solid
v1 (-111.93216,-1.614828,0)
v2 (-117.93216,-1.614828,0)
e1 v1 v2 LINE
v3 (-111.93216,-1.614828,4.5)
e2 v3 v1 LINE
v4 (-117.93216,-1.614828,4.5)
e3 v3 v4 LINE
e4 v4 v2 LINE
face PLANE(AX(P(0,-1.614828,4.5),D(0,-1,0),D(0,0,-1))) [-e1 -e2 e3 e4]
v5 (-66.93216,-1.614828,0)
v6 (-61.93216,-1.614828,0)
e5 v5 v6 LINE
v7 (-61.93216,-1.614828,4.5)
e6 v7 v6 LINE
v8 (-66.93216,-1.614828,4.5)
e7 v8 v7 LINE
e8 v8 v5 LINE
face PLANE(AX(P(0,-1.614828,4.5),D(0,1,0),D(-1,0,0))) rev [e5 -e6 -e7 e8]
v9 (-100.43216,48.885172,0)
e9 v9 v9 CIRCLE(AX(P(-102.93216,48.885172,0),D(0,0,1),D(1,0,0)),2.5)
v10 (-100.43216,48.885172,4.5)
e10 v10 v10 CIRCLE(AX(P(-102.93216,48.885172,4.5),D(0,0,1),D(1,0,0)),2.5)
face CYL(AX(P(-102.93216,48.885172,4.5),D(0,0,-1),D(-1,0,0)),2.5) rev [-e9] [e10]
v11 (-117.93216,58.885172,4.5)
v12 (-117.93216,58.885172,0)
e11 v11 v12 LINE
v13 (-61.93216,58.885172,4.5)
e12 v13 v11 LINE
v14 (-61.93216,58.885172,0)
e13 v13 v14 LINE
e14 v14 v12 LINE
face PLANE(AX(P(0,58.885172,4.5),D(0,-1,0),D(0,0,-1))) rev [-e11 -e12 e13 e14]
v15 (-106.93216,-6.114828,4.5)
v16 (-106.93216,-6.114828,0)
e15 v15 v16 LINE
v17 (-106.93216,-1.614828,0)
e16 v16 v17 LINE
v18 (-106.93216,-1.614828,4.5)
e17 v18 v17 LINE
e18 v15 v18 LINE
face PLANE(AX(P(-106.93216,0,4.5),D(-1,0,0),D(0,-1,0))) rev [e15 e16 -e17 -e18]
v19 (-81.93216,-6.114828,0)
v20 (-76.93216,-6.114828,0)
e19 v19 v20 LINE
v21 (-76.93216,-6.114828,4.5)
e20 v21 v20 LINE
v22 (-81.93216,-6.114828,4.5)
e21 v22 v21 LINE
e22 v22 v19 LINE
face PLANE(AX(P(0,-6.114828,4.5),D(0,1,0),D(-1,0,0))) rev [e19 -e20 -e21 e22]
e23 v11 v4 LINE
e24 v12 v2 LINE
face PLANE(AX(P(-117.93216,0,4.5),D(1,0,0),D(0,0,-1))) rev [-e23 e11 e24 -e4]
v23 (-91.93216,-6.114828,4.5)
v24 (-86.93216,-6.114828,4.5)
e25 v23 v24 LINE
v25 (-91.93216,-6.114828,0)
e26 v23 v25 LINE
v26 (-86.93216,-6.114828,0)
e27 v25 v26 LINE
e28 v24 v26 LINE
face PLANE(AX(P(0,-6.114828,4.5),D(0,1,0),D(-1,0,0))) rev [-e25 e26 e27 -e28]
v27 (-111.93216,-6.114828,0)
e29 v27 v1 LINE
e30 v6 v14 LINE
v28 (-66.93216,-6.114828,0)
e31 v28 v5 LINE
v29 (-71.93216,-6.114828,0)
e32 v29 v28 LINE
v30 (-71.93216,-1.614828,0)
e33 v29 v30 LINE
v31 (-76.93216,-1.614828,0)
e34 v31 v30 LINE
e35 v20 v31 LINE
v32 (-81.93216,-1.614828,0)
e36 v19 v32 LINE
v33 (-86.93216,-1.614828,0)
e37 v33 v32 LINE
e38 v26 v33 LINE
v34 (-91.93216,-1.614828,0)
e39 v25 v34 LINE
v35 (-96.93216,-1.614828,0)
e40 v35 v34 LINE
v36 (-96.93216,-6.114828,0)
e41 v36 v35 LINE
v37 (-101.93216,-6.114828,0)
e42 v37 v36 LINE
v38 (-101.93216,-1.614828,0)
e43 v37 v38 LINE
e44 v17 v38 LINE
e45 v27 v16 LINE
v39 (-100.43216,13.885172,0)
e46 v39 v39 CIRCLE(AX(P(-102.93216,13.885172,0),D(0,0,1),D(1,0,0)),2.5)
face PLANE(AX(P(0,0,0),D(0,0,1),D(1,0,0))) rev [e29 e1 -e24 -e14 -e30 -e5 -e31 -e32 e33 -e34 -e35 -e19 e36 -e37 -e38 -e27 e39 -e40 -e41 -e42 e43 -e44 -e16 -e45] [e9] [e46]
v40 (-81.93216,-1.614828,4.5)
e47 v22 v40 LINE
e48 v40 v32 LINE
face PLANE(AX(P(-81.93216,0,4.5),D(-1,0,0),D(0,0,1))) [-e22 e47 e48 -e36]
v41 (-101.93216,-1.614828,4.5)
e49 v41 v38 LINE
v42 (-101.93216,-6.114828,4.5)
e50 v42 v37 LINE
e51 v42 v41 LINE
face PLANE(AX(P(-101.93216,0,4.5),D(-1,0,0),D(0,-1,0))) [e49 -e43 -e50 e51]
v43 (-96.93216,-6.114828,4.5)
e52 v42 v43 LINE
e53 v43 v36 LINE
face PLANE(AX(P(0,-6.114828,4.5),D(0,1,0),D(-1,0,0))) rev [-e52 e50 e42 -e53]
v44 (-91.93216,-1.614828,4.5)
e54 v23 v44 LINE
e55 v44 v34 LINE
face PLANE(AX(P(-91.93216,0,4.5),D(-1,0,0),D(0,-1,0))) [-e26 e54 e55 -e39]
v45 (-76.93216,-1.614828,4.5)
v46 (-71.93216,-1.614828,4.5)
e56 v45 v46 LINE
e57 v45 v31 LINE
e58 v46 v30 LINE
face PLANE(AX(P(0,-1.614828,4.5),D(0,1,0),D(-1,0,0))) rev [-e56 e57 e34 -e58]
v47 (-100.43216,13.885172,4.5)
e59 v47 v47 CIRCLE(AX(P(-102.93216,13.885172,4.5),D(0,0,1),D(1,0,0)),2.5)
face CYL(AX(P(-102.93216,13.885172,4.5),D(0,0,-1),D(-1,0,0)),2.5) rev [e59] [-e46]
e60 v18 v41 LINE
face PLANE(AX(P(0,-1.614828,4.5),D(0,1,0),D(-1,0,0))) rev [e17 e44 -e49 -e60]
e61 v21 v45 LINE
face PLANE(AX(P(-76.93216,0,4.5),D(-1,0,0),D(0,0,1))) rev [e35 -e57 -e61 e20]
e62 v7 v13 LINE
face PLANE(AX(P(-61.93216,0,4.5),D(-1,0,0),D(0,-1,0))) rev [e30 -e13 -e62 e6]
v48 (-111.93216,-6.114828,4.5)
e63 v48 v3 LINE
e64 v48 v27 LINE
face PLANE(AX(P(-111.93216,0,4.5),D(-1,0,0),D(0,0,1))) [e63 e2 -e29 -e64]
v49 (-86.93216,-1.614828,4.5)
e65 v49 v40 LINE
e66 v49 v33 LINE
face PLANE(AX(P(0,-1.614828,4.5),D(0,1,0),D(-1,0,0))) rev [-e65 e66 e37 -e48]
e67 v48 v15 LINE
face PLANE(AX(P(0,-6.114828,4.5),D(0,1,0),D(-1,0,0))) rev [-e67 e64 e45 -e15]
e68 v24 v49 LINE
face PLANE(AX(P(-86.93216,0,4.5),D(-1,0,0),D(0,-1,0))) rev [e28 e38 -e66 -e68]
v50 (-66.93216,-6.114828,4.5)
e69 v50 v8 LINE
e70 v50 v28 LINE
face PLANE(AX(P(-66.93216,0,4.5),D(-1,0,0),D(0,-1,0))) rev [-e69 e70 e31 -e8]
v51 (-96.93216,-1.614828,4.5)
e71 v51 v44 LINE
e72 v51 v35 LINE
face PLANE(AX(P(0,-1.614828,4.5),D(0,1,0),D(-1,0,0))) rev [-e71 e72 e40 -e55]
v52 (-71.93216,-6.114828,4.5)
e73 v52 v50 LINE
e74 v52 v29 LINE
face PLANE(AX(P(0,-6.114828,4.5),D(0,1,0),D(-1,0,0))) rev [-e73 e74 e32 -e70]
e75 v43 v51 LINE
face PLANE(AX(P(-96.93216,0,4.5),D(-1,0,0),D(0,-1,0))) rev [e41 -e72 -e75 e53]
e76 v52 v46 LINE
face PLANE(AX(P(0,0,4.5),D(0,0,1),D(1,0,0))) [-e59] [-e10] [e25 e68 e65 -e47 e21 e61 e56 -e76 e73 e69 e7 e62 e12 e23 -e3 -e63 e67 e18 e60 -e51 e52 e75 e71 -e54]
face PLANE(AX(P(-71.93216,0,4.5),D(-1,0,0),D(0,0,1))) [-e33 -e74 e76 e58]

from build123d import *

# Parameters (mm, degrees)
SKETCH1_R           = 2.5
SKETCH1_W           = 5
SKETCH1_H           = 4.5
BOSS_EXTRUDE1_DEPTH = 4.5


with BuildPart() as part:
    # Sketch1 → Boss-Extrude1 (new body)
    # profile 1 of 5: a face of its own
    with BuildSketch(Plane.XY):
        Polygon((-111.932160423, -1.614828107), (-111.932160423, -6.114828107), (-106.932160423, -6.114828107), (-106.932160423, -1.614828107), (-101.932160423, -1.614828107), (-96.932160423, -1.614828107), (-91.932160423, -1.614828107), (-86.932160423, -1.614828107), (-81.932160423, -1.614828107), (-76.932160423, -1.614828107), (-71.932160423, -1.614828107), (-66.932160423, -1.614828107), (-61.932160423, -1.614828107), (-61.932160423, 58.885171893), (-117.932160423, 58.885171893), (-117.932160423, -1.614828107), align=None)
        with Locations((-102.932160423, 13.885171893)):
            Circle(SKETCH1_R, mode=Mode.SUBTRACT)
        with Locations((-102.932160423, 48.885171893)):
            Circle(SKETCH1_R, mode=Mode.SUBTRACT)
    # profile 2 of 5: a face of its own
    with BuildSketch(Plane.XY):
        with Locations((-99.432160423, -3.864828107)):
            Rectangle(SKETCH1_W, SKETCH1_H)
    # profile 3 of 5: a face of its own
    with BuildSketch(Plane.XY):
        with Locations((-69.432160423, -3.864828107)):
            Rectangle(SKETCH1_W, SKETCH1_H)
    # profile 4 of 5: a face of its own
    with BuildSketch(Plane.XY):
        with Locations((-79.432160423, -3.864828107)):
            Rectangle(SKETCH1_W, SKETCH1_H)
    # profile 5 of 5: a face of its own
    with BuildSketch(Plane.XY):
        with Locations((-89.432160423, -3.864828107)):
            Rectangle(SKETCH1_W, SKETCH1_H)
    extrude(amount=BOSS_EXTRUDE1_DEPTH)


solid = part.part
